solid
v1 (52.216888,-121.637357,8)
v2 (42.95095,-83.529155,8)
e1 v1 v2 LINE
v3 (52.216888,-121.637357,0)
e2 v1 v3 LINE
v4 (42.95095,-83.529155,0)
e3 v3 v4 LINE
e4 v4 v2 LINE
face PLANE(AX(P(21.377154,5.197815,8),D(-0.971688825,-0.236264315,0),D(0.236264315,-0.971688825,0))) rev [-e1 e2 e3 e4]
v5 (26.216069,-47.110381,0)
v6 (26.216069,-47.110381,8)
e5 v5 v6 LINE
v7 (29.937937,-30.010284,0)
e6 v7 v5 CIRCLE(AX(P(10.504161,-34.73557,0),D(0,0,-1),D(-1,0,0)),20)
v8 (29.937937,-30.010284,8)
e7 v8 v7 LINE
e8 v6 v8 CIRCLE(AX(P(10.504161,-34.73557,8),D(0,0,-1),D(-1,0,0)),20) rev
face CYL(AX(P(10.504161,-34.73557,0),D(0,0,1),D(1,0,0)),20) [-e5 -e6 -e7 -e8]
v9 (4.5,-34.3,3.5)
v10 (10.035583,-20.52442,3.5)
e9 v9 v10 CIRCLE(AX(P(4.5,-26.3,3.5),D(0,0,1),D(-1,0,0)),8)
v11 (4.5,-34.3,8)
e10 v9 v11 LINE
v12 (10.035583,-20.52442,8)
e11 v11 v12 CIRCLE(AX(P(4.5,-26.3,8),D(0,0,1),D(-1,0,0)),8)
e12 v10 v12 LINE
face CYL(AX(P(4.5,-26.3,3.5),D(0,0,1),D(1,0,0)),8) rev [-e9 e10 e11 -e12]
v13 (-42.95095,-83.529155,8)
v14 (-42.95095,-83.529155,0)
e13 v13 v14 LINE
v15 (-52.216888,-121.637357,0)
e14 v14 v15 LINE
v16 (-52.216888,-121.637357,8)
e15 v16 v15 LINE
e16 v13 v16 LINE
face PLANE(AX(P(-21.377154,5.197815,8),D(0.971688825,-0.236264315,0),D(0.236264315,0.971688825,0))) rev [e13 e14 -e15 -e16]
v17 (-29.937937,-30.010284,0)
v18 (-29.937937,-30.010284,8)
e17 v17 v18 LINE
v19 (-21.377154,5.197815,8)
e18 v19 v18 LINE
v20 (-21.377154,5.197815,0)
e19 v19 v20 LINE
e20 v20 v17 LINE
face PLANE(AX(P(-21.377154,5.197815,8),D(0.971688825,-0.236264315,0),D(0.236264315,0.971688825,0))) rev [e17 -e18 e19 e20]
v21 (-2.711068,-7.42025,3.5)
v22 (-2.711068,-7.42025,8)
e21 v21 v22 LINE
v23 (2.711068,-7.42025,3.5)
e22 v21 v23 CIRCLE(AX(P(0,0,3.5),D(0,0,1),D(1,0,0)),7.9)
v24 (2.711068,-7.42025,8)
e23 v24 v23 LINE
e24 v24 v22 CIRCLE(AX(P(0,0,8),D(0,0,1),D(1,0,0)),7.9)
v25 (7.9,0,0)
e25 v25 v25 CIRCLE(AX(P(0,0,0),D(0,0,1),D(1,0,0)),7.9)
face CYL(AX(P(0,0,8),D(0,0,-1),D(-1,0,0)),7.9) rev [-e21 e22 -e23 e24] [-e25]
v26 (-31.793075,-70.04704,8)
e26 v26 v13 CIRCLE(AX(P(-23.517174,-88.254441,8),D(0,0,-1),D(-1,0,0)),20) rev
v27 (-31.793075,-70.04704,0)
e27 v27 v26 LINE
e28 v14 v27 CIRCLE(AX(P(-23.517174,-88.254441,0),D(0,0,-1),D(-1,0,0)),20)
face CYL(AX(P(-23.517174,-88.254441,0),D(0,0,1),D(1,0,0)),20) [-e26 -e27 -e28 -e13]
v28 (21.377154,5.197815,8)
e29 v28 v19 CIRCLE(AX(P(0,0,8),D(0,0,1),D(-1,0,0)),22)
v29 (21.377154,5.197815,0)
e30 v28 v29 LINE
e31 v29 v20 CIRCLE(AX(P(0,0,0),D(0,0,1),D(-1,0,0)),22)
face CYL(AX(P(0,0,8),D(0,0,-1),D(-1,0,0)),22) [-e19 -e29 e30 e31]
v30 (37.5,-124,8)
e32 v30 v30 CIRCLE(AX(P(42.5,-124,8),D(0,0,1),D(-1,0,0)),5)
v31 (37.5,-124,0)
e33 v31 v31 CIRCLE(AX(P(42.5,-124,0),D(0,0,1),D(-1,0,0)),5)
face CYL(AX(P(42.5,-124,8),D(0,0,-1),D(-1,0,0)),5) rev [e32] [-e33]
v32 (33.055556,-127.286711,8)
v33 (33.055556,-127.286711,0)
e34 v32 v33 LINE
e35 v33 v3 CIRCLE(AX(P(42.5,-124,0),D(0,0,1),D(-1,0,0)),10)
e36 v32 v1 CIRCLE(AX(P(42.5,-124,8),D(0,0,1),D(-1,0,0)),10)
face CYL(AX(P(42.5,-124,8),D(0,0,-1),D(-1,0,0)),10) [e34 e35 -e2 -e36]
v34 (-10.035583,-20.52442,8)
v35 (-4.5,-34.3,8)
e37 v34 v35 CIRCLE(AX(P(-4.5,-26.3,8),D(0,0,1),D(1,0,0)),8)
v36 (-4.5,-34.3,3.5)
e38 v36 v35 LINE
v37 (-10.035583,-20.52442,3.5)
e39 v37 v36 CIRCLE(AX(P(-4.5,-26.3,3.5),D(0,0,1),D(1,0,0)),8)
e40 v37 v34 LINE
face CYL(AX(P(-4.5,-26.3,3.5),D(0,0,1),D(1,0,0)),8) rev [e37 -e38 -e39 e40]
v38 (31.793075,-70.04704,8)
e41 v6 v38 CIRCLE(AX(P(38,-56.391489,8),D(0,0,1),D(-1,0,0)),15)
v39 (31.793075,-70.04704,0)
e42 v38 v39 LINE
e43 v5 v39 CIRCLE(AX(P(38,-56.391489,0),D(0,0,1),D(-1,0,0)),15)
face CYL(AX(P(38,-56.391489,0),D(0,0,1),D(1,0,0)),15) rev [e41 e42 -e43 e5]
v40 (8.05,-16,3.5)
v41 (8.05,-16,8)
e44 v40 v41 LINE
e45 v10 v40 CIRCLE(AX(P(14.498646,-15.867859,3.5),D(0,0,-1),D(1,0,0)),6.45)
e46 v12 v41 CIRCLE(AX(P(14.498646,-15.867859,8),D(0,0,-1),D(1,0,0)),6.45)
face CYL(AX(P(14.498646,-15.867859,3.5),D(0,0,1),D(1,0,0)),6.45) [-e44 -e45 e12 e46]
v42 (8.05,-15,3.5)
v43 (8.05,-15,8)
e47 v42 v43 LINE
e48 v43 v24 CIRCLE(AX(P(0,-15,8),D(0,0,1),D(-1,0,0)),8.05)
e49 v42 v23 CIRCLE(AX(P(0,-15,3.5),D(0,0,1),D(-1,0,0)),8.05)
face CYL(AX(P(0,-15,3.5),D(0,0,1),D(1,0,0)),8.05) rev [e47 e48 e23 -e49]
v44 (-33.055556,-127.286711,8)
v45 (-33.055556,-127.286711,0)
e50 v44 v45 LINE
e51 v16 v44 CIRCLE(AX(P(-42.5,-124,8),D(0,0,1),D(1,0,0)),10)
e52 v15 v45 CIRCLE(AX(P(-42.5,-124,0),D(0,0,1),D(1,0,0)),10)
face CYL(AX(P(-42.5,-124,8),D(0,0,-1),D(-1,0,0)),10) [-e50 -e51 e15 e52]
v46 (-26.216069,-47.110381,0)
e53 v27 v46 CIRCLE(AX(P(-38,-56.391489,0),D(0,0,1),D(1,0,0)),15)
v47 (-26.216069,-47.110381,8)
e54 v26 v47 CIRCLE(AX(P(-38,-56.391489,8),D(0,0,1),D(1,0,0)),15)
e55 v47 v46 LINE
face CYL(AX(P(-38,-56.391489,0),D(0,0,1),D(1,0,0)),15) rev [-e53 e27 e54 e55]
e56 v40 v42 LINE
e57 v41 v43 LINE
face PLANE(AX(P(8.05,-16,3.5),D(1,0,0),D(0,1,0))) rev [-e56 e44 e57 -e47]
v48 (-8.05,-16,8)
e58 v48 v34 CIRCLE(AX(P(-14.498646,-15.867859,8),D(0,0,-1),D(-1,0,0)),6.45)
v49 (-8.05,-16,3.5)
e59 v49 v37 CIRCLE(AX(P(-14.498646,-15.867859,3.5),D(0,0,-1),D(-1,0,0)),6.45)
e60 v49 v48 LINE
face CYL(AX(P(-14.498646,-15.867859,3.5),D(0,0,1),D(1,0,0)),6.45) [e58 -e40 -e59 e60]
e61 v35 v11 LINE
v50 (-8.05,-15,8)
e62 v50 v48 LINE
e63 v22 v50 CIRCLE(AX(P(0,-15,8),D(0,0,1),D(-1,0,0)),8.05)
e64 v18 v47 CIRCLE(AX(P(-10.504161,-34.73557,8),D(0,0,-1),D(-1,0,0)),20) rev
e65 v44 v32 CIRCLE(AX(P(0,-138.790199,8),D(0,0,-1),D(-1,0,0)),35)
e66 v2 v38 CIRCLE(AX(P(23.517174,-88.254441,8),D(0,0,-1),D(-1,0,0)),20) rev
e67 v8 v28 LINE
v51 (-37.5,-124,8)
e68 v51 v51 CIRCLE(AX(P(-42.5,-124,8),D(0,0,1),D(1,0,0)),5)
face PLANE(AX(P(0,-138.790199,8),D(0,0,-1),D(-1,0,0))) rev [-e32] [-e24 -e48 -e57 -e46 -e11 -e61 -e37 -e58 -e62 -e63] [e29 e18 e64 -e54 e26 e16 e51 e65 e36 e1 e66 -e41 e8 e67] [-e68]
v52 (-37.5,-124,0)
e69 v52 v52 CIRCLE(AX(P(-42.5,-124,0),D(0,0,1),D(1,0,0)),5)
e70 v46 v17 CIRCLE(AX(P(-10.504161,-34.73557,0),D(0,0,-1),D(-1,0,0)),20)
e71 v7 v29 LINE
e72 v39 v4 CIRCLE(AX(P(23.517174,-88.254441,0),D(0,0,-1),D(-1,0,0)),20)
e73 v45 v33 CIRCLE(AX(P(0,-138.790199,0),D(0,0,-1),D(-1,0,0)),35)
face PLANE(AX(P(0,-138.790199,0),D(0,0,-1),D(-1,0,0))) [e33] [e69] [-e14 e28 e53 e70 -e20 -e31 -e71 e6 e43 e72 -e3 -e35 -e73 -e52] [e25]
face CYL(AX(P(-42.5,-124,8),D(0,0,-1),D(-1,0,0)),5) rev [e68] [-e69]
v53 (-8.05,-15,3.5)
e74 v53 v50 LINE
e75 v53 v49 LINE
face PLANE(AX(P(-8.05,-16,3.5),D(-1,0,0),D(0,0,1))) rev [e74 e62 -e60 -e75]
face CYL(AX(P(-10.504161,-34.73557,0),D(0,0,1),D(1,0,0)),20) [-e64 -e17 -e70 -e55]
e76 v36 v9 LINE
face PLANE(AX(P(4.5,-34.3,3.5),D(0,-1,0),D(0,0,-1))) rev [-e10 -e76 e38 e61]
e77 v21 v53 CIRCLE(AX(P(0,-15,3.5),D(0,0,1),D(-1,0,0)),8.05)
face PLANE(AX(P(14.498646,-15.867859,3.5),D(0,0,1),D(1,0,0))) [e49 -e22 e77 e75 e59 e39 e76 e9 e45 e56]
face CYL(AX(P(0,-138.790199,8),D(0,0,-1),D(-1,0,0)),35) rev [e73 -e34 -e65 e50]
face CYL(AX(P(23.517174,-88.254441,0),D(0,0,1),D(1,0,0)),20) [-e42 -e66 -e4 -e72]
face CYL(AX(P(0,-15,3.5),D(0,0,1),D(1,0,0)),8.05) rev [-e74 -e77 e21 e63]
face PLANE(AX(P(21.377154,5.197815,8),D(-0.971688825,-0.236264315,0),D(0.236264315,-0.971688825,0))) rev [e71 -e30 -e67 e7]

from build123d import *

# Parameters (mm, degrees)
SKETCH_1_R          = 7.9
SKETCH_1_R_2        = 5
EXTRUDE_1_DEPTH     = 8
CUT_EXTRUDE_1_DEPTH = 4.5
SKETCH_3_R          = 15
CUT_EXTRUDE_2_DEPTH = 9
FILLET_1_R          = 20


with BuildPart() as part:
    # Эскиз1 → Бобышка-Вытянуть1 (new body)
    with BuildSketch(Plane.XY):
        with BuildLine():
            Line((-21.377154159, 5.197814933), (-52.216888254, -121.637356848))
            ThreePointArc((-52.216888254, -121.637356848), (-45.327959859, -133.591800823), (-33.055555556, -127.286710991))
            ThreePointArc((-33.055555556, -127.286710991), (0, -103.790199458), (33.055555556, -127.286710991))
            ThreePointArc((33.055555556, -127.286710991), (45.327959859, -133.591800823), (52.216888254, -121.637356848))
            Line((52.216888254, -121.637356848), (21.377154159, 5.197814933))
            ThreePointArc((21.377154159, 5.197814933), (0, 22), (-21.377154159, 5.197814933))
        make_face()
        Circle(SKETCH_1_R, mode=Mode.SUBTRACT)
        with Locations((-42.5, -124)):
            Circle(SKETCH_1_R_2, mode=Mode.SUBTRACT)
        with Locations((42.5, -124)):
            Circle(SKETCH_1_R_2, mode=Mode.SUBTRACT)
    extrude(amount=EXTRUDE_1_DEPTH)

    # Эскиз2 → Вырез-Вытянуть1 (cut)
    with BuildSketch(Plane.XY.offset(8)):
        with BuildLine():
            Line((4.5, -34.3), (-4.5, -34.3))
            ThreePointArc((-4.5, -34.3), (-11.923093689, -29.282897935), (-10.035582708, -20.524420022))
            ThreePointArc((-10.035582708, -20.524420022), (-8.5923829, -18.459875841), (-8.05, -16))
            Line((-8.05, -16), (-8.05, -15))
            ThreePointArc((-8.05, -15), (0, -6.95), (8.05, -15))
            Line((8.05, -15), (8.05, -16))
            ThreePointArc((8.05, -16), (8.5923829, -18.459875841), (10.035582708, -20.524420022))
            ThreePointArc((10.035582708, -20.524420022), (11.923093689, -29.282897935), (4.5, -34.3))
        make_face()
    extrude(amount=-CUT_EXTRUDE_1_DEPTH, mode=Mode.SUBTRACT)

    # Эскиз3 → Вырез-Вытянуть2 (cut, through all)
    with BuildSketch(Plane.XY.offset(8)):
        with Locations((-38, -56.391488719)):
            Circle(SKETCH_3_R)
        with Locations((38, -56.391488719)):
            Circle(SKETCH_3_R)
    extrude(amount=-CUT_EXTRUDE_2_DEPTH, mode=Mode.SUBTRACT)

    # Скругление1
    fillet_1_edges = [part.edges().sort_by_distance(p)[0] for p in [
        (-39.968167407, -71.261805362, 4),
        (-32.920720313, -42.277633191, 4),
        (32.920720313, -42.277633191, 4),
        (39.968167407, -71.261805362, 4),
    ]]
    fillet(fillet_1_edges, radius=FILLET_1_R)


solid = part.part
